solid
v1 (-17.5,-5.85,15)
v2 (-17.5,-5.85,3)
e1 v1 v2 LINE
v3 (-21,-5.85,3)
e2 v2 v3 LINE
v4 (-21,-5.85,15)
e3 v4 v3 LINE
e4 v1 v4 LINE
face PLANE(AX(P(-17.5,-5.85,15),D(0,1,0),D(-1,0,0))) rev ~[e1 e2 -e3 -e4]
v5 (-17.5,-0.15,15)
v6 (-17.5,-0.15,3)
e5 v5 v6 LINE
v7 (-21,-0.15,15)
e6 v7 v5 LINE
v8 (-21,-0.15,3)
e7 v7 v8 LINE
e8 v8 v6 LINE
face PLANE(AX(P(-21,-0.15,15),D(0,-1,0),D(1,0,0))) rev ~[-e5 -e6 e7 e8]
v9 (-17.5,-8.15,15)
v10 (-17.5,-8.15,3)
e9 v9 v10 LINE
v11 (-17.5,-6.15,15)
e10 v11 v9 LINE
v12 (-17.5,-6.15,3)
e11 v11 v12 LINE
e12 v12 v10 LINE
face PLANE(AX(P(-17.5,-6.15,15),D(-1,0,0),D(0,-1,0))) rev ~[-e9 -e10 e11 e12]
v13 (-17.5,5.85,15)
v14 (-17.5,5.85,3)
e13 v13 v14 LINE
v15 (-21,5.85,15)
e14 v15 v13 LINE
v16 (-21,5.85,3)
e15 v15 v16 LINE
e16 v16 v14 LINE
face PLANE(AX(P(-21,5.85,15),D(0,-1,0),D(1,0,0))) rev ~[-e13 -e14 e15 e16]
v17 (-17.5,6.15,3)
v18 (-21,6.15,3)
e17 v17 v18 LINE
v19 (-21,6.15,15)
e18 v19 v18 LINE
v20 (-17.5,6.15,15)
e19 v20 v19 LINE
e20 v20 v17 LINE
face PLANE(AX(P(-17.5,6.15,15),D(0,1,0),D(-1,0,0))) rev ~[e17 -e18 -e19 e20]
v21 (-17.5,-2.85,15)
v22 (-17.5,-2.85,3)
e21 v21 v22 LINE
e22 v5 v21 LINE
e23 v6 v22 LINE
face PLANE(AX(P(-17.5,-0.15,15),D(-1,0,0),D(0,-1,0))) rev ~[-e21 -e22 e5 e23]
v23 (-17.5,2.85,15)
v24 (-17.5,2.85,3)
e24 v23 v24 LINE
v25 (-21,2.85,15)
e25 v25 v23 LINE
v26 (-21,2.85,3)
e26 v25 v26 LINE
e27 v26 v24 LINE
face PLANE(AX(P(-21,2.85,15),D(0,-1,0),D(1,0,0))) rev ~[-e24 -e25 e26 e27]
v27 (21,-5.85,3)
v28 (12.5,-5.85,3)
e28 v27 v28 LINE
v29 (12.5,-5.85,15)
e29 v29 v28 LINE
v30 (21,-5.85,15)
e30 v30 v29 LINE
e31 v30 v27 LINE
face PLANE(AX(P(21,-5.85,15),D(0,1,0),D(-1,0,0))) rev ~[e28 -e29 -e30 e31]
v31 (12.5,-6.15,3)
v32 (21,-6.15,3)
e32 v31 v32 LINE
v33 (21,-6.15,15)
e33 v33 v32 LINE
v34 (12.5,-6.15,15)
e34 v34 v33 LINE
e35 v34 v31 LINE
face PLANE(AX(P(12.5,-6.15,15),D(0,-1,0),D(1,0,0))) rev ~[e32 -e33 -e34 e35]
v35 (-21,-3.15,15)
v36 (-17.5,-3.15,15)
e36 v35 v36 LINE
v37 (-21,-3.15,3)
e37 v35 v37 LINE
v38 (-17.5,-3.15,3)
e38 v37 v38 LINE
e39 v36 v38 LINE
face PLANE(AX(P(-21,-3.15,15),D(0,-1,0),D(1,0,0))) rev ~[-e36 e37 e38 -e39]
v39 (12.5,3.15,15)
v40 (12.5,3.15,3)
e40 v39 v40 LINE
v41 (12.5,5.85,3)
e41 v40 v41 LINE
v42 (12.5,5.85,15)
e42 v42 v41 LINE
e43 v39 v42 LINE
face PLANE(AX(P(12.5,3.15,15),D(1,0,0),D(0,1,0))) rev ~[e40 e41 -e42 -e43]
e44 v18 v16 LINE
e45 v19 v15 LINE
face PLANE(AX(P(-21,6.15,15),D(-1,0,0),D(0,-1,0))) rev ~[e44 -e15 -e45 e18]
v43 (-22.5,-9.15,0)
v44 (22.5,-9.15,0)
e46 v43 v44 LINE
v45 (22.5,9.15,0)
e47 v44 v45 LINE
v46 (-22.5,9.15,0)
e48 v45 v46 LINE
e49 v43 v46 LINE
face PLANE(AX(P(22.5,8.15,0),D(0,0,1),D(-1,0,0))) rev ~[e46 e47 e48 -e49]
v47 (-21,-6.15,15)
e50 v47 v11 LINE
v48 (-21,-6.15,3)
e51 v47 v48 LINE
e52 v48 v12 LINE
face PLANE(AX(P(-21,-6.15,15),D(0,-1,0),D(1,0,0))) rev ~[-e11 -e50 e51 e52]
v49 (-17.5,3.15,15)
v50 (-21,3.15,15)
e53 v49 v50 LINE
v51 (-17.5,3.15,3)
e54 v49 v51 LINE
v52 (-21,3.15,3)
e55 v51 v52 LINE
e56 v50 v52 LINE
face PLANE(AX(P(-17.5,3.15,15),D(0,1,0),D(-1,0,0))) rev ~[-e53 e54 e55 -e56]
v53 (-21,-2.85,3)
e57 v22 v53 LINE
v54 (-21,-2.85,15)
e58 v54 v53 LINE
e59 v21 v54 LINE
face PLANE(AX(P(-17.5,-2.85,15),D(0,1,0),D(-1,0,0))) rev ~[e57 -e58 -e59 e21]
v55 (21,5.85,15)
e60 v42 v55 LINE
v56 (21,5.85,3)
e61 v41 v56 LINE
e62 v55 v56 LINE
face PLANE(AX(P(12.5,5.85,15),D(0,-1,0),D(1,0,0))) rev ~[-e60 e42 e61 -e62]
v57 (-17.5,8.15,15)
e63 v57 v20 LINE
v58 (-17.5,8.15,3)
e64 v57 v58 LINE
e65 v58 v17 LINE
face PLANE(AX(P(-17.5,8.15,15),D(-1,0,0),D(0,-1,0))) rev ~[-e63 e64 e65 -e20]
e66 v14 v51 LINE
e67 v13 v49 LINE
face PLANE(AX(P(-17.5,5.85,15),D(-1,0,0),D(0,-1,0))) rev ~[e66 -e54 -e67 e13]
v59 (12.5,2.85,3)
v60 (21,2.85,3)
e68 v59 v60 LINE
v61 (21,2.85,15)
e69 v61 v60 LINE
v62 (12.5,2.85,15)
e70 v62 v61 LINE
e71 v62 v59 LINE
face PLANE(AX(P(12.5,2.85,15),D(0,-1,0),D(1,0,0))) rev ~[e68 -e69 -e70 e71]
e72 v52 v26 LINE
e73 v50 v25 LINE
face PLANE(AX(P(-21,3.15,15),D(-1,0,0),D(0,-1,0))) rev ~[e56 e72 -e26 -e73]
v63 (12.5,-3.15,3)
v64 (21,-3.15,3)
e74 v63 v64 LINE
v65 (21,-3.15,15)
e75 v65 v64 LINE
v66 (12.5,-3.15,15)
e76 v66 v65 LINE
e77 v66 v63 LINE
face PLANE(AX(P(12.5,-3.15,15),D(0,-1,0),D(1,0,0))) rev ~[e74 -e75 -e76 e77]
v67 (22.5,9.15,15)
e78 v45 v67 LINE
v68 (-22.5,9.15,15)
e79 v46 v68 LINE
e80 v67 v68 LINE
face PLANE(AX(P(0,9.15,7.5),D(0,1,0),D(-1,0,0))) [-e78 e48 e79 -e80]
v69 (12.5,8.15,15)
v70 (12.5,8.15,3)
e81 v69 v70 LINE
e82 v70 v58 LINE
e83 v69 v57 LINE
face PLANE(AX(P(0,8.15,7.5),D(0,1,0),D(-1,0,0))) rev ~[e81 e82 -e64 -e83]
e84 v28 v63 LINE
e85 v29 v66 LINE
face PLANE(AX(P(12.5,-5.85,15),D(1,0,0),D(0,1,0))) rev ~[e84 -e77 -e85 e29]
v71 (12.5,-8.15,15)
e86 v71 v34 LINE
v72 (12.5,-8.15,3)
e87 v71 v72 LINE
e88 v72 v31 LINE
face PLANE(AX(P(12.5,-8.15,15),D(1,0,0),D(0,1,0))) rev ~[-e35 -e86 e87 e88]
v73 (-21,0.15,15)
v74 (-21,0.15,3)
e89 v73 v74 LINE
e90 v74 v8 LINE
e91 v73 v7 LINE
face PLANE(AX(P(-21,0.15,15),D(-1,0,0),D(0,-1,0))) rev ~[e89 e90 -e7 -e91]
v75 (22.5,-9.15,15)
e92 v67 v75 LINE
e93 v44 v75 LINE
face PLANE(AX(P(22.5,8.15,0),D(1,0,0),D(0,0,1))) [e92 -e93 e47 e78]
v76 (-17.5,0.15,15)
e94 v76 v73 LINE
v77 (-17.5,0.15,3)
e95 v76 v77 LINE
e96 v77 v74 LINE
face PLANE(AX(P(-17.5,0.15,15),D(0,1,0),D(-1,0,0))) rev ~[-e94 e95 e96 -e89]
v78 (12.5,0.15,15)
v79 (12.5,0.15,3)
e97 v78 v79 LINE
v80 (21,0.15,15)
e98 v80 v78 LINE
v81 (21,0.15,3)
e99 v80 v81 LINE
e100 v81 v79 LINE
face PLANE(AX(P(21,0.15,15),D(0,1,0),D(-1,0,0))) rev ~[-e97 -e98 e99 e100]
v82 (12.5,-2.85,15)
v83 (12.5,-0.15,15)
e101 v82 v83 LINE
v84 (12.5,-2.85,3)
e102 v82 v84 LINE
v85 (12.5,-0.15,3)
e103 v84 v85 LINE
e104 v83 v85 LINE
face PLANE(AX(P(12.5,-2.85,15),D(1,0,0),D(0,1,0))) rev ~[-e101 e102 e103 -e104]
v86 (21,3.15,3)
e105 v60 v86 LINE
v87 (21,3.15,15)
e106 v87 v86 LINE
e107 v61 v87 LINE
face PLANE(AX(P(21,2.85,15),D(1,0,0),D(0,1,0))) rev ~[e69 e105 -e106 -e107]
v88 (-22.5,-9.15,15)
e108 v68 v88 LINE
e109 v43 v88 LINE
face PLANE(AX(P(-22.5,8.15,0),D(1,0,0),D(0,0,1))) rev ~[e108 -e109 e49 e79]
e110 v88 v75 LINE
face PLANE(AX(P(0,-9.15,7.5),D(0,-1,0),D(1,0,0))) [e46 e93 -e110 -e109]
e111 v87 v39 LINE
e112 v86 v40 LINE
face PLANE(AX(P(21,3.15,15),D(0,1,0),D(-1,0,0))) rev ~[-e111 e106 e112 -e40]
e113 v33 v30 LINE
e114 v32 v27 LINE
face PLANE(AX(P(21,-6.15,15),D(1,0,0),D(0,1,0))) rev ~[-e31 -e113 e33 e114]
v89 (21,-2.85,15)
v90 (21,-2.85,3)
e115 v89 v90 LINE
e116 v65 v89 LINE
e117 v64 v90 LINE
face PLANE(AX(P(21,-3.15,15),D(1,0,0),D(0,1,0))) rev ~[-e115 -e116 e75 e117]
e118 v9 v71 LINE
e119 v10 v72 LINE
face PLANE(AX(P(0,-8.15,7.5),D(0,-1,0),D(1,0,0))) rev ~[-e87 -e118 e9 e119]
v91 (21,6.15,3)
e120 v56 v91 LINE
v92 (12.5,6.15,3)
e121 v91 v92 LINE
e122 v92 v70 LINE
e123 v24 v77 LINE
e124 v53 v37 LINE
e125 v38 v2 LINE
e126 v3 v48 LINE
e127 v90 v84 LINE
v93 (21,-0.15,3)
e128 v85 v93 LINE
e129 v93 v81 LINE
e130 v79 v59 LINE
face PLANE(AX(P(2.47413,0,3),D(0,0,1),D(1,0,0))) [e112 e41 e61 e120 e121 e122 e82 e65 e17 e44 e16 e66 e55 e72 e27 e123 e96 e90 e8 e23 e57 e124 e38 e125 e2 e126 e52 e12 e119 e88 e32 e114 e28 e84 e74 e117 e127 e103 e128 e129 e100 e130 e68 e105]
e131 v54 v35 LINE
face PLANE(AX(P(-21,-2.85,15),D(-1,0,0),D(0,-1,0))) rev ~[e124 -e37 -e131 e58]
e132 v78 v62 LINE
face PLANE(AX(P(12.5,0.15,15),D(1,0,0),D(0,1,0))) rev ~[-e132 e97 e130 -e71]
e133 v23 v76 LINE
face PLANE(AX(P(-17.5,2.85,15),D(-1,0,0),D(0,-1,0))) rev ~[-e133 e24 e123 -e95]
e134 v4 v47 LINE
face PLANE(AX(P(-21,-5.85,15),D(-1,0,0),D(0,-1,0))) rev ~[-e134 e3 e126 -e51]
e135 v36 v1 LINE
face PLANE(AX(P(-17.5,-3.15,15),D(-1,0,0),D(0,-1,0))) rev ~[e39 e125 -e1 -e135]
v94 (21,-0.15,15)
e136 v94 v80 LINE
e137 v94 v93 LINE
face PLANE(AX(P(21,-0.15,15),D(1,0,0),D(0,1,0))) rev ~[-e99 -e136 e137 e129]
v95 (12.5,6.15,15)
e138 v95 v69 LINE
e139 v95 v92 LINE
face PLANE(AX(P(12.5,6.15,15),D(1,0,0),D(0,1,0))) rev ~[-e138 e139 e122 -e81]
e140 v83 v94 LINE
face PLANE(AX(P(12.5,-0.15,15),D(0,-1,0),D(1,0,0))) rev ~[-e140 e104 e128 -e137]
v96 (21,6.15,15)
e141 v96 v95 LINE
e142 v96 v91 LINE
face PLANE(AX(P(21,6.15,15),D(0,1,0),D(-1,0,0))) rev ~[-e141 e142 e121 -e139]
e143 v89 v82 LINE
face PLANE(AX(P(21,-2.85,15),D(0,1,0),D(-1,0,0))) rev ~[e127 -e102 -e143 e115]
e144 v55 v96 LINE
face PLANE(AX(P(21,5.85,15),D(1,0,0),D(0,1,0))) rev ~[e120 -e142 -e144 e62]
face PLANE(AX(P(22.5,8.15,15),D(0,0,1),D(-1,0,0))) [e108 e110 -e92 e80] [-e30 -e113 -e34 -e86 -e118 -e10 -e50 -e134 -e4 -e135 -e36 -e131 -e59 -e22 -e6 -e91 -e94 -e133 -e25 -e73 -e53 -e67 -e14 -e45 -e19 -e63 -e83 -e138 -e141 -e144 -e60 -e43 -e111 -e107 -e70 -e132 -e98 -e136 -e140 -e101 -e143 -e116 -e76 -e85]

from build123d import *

# Parameters (mm, degrees)
F0_W     = 45
F0_H     = 16.3
F1_DEPTH = 15
F3_DEPTH = 12
F4_W     = 45
F4_H     = 15
F5_DEPTH = 1
F6_W     = 45
F6_H     = 15
F7_DEPTH = 1


with BuildPart() as f1:
    # F0 (on Top) → F1 (new body)
    with BuildSketch(Plane.XY):
        Rectangle(F0_W, F0_H)
    extrude(amount=F1_DEPTH)

    # F2 (on face) → F3 (cut)
    with BuildSketch(Plane.XY.offset(15)):
        Polygon((-21, -5.85), (-21, -6.15), (-17.5, -6.15), (-17.5, -8.15), (12.5, -8.15), (12.5, -6.15), (21, -6.15), (21, -5.85), (12.5, -5.85), (12.5, -3.15), (21, -3.15), (21, -2.85), (12.5, -2.85), (12.5, -0.15), (21, -0.15), (21, 0.15), (12.5, 0.15), (12.5, 2.85), (21, 2.85), (21, 3.15), (12.5, 3.15), (12.5, 5.85), (21, 5.85), (21, 6.15), (12.5, 6.15), (12.5, 8.15), (-17.5, 8.15), (-17.5, 6.15), (-21, 6.15), (-21, 5.85), (-17.5, 5.85), (-17.5, 3.15), (-21, 3.15), (-21, 2.85), (-17.5, 2.85), (-17.5, 0.15), (-21, 0.15), (-21, -0.15), (-17.5, -0.15), (-17.5, -2.85), (-21, -2.85), (-21, -3.15), (-17.5, -3.15), (-17.5, -5.85), align=None)
    extrude(amount=-F3_DEPTH, mode=Mode.SUBTRACT)

    # F4 (on face) → F5 (join)
    with BuildSketch(Plane.XZ.offset(8.15)):
        with Locations((0, 7.5)):
            Rectangle(F4_W, F4_H)
    extrude(amount=F5_DEPTH)

    # F6 (on face) → F7 (join)
    with BuildSketch(Plane(origin=(0, 8.15, 0), x_dir=(-1, 0, 0), z_dir=(0, 1, 0))):
        with Locations((0, 7.5)):
            Rectangle(F6_W, F6_H)
    extrude(amount=F7_DEPTH)


solid = f1.part
